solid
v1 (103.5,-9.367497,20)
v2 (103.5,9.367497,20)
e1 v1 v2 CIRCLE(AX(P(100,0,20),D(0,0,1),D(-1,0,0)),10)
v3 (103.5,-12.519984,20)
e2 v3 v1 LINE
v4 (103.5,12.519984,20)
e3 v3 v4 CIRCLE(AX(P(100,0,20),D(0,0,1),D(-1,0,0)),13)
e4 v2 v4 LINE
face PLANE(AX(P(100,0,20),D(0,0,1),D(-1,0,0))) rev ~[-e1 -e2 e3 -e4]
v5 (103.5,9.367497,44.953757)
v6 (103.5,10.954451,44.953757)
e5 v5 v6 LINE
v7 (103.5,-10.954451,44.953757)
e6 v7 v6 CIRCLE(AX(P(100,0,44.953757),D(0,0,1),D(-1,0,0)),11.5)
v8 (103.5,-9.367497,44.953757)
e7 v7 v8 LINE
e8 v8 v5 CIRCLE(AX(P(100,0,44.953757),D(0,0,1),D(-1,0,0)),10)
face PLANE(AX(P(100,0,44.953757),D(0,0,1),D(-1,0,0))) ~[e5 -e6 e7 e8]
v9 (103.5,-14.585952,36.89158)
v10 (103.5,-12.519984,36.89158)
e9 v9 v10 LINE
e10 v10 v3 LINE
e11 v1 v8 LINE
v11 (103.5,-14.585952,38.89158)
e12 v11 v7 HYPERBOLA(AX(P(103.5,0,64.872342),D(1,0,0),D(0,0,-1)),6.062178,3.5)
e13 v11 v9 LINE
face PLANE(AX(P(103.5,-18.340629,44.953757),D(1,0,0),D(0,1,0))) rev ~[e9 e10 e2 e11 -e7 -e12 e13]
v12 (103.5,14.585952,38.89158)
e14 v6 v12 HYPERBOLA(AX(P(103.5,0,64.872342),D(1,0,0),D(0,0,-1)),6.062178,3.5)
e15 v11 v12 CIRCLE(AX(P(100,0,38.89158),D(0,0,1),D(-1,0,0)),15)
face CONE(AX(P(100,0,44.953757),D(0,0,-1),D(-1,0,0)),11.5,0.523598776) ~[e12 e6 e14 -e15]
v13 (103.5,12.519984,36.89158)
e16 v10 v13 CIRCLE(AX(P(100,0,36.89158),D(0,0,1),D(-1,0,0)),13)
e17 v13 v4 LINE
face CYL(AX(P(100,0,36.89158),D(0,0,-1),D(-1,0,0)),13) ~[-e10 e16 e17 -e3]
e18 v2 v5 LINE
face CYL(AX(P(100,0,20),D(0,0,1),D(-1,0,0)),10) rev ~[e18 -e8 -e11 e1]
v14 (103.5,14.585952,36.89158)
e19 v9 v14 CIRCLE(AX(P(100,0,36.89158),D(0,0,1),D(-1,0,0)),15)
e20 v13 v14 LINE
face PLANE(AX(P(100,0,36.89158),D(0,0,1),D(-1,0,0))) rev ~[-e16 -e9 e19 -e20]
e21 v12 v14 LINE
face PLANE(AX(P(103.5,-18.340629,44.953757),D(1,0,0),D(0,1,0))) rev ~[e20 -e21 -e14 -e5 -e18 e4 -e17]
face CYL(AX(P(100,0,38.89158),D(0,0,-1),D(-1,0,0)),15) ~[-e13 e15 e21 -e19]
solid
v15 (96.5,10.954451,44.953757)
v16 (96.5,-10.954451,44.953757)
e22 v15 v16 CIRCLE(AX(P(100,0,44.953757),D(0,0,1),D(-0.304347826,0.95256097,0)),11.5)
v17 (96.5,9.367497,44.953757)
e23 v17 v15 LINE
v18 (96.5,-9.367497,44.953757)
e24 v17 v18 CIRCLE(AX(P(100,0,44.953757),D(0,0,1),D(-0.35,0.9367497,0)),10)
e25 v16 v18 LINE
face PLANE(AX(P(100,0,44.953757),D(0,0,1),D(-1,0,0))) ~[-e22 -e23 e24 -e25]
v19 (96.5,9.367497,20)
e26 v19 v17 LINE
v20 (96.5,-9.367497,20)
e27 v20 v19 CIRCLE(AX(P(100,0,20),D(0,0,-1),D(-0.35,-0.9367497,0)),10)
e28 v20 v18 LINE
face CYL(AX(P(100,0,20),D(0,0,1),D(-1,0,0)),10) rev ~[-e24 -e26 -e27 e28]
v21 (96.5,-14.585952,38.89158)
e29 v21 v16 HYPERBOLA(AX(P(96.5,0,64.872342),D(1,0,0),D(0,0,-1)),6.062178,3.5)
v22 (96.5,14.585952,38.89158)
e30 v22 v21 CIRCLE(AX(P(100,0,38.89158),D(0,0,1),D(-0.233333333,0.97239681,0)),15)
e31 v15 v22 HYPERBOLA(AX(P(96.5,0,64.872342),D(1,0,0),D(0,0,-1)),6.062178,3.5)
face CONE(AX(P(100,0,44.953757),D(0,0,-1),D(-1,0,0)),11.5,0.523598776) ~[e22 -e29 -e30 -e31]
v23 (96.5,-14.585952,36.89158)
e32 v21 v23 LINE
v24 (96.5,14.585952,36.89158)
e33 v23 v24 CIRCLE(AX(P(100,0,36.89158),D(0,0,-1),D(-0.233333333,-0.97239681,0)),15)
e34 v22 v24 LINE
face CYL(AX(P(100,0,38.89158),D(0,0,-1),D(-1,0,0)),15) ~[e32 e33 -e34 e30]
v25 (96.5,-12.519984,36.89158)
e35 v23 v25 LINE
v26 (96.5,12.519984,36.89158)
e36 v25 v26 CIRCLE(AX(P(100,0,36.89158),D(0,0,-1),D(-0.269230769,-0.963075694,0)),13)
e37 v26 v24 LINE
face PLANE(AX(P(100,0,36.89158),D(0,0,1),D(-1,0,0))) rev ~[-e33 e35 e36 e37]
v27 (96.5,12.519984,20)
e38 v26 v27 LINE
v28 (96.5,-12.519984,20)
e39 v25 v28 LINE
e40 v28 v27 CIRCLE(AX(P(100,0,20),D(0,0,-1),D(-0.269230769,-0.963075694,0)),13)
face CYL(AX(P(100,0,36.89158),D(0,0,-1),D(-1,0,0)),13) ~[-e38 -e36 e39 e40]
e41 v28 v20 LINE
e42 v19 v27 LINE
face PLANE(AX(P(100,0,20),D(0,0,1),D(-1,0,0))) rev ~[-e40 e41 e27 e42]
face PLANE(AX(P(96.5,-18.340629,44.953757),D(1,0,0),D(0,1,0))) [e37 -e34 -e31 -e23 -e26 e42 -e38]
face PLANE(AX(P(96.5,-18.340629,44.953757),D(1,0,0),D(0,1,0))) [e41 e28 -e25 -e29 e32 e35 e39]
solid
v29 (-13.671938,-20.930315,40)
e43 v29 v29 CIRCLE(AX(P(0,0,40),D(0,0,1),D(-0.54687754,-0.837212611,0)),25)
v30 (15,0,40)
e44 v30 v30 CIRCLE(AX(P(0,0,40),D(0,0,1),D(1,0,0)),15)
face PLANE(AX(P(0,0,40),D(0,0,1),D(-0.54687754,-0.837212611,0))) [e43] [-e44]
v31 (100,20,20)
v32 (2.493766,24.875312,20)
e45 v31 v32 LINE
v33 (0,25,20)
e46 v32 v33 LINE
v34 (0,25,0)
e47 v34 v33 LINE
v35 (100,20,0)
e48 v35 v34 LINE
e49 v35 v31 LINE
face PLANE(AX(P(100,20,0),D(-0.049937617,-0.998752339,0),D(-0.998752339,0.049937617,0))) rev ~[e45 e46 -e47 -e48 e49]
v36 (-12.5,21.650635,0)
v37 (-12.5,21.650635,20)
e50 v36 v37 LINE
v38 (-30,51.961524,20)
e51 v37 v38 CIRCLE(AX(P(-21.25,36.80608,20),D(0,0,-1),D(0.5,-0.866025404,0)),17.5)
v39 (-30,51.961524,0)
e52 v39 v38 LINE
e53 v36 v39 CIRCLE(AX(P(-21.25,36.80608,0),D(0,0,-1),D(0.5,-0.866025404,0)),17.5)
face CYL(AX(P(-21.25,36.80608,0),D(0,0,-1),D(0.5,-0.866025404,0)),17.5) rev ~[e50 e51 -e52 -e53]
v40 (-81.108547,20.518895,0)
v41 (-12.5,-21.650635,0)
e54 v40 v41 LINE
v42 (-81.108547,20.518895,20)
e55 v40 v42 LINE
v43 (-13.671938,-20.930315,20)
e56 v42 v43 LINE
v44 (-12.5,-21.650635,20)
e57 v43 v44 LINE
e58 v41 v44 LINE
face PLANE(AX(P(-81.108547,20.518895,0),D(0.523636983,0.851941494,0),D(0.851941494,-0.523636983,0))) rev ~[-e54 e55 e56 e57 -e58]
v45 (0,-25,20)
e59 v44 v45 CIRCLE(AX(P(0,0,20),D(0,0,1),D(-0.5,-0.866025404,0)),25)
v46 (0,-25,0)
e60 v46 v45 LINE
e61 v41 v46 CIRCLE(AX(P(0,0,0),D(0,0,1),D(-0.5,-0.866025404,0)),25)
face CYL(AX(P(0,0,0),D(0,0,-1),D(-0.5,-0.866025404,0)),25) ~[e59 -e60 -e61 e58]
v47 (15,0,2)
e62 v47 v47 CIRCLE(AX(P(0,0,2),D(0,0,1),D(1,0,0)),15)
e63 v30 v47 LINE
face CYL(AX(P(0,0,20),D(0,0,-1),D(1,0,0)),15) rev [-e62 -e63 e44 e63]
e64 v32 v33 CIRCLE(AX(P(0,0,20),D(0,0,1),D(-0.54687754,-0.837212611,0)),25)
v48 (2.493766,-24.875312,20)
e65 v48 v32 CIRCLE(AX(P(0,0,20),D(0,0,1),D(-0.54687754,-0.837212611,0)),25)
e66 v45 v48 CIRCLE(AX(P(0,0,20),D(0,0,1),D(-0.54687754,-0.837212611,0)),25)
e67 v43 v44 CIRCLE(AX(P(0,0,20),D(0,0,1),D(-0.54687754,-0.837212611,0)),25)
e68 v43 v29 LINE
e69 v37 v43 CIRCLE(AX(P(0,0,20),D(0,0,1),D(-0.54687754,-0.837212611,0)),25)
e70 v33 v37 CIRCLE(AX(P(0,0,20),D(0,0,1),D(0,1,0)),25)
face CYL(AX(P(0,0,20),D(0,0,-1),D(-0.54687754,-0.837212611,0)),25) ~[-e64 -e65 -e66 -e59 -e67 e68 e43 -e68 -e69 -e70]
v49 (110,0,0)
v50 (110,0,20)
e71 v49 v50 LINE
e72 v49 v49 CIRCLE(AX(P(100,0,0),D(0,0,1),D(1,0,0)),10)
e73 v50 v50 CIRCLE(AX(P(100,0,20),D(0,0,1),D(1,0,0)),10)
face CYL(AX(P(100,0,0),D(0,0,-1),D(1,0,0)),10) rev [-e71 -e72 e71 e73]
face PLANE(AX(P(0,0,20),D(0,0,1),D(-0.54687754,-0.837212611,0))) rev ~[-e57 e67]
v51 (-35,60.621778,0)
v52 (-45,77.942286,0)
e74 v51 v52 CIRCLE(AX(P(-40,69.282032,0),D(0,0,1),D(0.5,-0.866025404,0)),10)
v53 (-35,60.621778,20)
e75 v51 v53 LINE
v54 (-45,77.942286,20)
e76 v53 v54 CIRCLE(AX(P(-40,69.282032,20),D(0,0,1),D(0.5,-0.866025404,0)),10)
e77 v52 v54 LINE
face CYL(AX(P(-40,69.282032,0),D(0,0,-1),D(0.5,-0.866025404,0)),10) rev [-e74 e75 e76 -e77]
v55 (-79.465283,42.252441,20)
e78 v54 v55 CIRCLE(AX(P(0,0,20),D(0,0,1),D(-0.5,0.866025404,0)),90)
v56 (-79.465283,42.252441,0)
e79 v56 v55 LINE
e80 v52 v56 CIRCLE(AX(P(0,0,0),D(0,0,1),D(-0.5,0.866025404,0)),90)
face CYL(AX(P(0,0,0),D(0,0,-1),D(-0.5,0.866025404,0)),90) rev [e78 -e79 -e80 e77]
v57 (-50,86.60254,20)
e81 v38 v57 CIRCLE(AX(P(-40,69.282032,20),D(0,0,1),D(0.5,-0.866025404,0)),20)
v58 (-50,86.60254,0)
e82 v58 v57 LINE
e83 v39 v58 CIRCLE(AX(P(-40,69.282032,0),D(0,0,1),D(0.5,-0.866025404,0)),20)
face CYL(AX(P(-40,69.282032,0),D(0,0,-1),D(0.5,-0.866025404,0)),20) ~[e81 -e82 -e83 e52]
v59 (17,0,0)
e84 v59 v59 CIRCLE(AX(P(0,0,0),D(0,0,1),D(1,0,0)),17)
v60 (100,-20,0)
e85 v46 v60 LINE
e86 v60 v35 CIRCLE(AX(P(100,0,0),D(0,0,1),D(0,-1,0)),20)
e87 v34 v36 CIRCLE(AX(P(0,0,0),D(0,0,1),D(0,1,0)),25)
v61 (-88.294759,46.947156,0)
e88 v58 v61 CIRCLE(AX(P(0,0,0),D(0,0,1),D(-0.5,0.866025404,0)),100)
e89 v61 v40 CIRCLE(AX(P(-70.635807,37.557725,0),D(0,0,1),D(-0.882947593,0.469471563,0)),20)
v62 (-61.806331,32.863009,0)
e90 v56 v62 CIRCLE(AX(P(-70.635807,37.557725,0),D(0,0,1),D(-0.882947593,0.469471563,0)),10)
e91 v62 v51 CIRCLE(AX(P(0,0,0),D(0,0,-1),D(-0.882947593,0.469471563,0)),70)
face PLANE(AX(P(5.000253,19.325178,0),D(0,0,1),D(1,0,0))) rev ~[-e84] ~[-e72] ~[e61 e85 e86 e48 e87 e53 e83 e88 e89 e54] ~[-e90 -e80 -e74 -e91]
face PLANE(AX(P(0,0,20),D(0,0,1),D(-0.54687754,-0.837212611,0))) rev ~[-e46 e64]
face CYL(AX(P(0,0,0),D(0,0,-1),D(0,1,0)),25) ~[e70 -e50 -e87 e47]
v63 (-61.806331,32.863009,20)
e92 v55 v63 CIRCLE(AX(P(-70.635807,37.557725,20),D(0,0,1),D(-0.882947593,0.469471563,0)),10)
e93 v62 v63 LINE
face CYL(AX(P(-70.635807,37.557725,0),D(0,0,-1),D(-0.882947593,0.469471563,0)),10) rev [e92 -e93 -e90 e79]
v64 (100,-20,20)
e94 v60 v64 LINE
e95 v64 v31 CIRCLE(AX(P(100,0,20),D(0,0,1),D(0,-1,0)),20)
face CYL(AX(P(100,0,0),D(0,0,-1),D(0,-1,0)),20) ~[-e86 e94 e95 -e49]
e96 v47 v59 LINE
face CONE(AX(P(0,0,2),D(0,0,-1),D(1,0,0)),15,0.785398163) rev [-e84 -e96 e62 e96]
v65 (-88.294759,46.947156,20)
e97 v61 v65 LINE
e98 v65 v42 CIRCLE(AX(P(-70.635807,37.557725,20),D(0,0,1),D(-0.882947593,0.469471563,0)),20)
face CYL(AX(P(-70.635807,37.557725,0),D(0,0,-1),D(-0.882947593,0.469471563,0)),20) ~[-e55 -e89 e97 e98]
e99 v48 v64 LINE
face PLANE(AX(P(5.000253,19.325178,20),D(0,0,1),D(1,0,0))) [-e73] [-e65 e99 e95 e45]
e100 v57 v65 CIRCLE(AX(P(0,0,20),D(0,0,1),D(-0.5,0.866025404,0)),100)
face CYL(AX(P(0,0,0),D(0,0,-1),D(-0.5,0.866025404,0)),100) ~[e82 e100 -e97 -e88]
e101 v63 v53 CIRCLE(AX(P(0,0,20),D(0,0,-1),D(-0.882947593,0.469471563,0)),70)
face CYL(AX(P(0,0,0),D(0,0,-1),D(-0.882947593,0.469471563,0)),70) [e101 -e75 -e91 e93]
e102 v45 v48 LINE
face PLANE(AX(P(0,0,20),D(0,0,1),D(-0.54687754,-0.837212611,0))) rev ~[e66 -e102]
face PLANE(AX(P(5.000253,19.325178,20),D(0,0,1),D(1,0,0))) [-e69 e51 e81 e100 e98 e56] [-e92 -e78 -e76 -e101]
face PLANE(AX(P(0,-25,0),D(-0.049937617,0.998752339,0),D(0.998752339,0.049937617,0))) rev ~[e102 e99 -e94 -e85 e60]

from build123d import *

# Parameters (mm, degrees)
ESQUISSE1_R             = 15
ESQUISSE1_R_2           = 10
BOSS_EXTRU_1_DEPTH      = 20
ESQUISSE2_R             = 25
ESQUISSE2_R_2           = 15
BOSS_EXTRU_2_DEPTH      = 20
CHANFREIN1_SIZE         = 2
ESQUISSE6_W             = 7
ESQUISSE6_H             = 34.355221185
ENL_V_MAT_EXTRU_2_DEPTH = 25


with BuildPart() as part:
    # Esquisse1 → Boss.-Extru.1 (new body)
    with BuildSketch(Plane.XY):
        with BuildLine():
            Line((0, -25), (100, -20))
            ThreePointArc((100, -20), (120, 0), (100, 20))
            Line((100, 20), (0, 25))
            ThreePointArc((0, 25), (-6.470476128, 24.148145657), (-12.5, 21.650635095))
            ThreePointArc((-12.5, 21.650635095), (-36.405444566, 28.056079661), (-30, 51.961524227))
            ThreePointArc((-30, 51.961524227), (-22.679491924, 79.282032303), (-50, 86.602540378))
            ThreePointArc((-50, 86.602540378), (-71.933980034, 69.465837046), (-88.294759286, 46.947156279))
            ThreePointArc((-88.294759286, 46.947156279), (-89.935062951, 32.30998872), (-81.108547088, 20.518895133))
            Line((-81.108547088, 20.518895133), (-12.5, -21.650635095))
            ThreePointArc((-12.5, -21.650635095), (-6.470476128, -24.148145657), (0, -25))
        make_face()
        Circle(ESQUISSE1_R, mode=Mode.SUBTRACT)
        with Locations((100, 0)):
            Circle(ESQUISSE1_R_2, mode=Mode.SUBTRACT)
        with BuildLine():
            ThreePointArc((-45, 77.942286341), (-64.74058203, 62.519253341), (-79.465283357, 42.252440651))
            ThreePointArc((-79.465283357, 42.252440651), (-75.330523057, 28.728249094), (-61.8063315, 32.863009395))
            ThreePointArc((-61.8063315, 32.863009395), (-50.353786024, 48.626085932), (-35, 60.621778265))
            ThreePointArc((-35, 60.621778265), (-31.339745962, 74.282032303), (-45, 77.942286341))
        make_face(mode=Mode.SUBTRACT)
    extrude(amount=BOSS_EXTRU_1_DEPTH)

    # Esquisse2 → Boss.-Extru.2 (add)
    with BuildSketch(Plane.XY.offset(20)):
        with Locations(Location((0, 0, 0), (0, 0, 236.846938275))):
            Circle(ESQUISSE2_R)
        Circle(ESQUISSE2_R_2, mode=Mode.SUBTRACT)
    extrude(amount=BOSS_EXTRU_2_DEPTH)

    # Chanfrein1
    chanfrein1_edges = [part.edges().sort_by_distance(p)[0] for p in [
        (-15, 0, 0),
    ]]
    chamfer(chanfrein1_edges, length=CHANFREIN1_SIZE)


with BuildPart() as body_2:
    # Esquisse5 → Révolution3 (revolve)
    with BuildSketch(Plane(origin=(100, 0, 0), x_dir=(0, 0, -1), z_dir=(1, 0, 0)), mode=Mode.PRIVATE) as r_volution3_sk:
        Polygon((-20, 10), (-44.953757377, 10), (-44.953757377, 11.5), (-38.891579551, 15), (-36.891579551, 15), (-36.891579551, 13), (-20, 13), align=None)
    revolve(r_volution3_sk.sketch.rotate(Axis((100, 0, 0), (0, 0, 1)), 90), axis=Axis((100, 0, 0), (0, 0, 1)))

    # Esquisse6 → Enlèv. mat.-Extru.2 (cut)
    with BuildSketch(Plane.XY.offset(44.953757377)):
        with Locations((100, -1.163018811)):
            Rectangle(ESQUISSE6_W, ESQUISSE6_H)
    extrude(amount=-ENL_V_MAT_EXTRU_2_DEPTH, mode=Mode.SUBTRACT)


with BuildPart() as enl_v_mat_extru_2_piece_1:
    # of the separate pieces the step leaves, piece 1, a body of its own (enl_v_mat_extru_2_pieces)
    add(body_2.part.solids().sort_by_distance((96.5, 9.367496998, 44.953757377))[0])


with BuildPart() as enl_v_mat_extru_2_piece_2:
    # of the separate pieces the step leaves, piece 2, a body of its own (enl_v_mat_extru_2_pieces)
    add(body_2.part.solids().sort_by_distance((103.5, -9.367496998, 20))[0])


solid = Compound([part.part, enl_v_mat_extru_2_piece_1.part, enl_v_mat_extru_2_piece_2.part])
